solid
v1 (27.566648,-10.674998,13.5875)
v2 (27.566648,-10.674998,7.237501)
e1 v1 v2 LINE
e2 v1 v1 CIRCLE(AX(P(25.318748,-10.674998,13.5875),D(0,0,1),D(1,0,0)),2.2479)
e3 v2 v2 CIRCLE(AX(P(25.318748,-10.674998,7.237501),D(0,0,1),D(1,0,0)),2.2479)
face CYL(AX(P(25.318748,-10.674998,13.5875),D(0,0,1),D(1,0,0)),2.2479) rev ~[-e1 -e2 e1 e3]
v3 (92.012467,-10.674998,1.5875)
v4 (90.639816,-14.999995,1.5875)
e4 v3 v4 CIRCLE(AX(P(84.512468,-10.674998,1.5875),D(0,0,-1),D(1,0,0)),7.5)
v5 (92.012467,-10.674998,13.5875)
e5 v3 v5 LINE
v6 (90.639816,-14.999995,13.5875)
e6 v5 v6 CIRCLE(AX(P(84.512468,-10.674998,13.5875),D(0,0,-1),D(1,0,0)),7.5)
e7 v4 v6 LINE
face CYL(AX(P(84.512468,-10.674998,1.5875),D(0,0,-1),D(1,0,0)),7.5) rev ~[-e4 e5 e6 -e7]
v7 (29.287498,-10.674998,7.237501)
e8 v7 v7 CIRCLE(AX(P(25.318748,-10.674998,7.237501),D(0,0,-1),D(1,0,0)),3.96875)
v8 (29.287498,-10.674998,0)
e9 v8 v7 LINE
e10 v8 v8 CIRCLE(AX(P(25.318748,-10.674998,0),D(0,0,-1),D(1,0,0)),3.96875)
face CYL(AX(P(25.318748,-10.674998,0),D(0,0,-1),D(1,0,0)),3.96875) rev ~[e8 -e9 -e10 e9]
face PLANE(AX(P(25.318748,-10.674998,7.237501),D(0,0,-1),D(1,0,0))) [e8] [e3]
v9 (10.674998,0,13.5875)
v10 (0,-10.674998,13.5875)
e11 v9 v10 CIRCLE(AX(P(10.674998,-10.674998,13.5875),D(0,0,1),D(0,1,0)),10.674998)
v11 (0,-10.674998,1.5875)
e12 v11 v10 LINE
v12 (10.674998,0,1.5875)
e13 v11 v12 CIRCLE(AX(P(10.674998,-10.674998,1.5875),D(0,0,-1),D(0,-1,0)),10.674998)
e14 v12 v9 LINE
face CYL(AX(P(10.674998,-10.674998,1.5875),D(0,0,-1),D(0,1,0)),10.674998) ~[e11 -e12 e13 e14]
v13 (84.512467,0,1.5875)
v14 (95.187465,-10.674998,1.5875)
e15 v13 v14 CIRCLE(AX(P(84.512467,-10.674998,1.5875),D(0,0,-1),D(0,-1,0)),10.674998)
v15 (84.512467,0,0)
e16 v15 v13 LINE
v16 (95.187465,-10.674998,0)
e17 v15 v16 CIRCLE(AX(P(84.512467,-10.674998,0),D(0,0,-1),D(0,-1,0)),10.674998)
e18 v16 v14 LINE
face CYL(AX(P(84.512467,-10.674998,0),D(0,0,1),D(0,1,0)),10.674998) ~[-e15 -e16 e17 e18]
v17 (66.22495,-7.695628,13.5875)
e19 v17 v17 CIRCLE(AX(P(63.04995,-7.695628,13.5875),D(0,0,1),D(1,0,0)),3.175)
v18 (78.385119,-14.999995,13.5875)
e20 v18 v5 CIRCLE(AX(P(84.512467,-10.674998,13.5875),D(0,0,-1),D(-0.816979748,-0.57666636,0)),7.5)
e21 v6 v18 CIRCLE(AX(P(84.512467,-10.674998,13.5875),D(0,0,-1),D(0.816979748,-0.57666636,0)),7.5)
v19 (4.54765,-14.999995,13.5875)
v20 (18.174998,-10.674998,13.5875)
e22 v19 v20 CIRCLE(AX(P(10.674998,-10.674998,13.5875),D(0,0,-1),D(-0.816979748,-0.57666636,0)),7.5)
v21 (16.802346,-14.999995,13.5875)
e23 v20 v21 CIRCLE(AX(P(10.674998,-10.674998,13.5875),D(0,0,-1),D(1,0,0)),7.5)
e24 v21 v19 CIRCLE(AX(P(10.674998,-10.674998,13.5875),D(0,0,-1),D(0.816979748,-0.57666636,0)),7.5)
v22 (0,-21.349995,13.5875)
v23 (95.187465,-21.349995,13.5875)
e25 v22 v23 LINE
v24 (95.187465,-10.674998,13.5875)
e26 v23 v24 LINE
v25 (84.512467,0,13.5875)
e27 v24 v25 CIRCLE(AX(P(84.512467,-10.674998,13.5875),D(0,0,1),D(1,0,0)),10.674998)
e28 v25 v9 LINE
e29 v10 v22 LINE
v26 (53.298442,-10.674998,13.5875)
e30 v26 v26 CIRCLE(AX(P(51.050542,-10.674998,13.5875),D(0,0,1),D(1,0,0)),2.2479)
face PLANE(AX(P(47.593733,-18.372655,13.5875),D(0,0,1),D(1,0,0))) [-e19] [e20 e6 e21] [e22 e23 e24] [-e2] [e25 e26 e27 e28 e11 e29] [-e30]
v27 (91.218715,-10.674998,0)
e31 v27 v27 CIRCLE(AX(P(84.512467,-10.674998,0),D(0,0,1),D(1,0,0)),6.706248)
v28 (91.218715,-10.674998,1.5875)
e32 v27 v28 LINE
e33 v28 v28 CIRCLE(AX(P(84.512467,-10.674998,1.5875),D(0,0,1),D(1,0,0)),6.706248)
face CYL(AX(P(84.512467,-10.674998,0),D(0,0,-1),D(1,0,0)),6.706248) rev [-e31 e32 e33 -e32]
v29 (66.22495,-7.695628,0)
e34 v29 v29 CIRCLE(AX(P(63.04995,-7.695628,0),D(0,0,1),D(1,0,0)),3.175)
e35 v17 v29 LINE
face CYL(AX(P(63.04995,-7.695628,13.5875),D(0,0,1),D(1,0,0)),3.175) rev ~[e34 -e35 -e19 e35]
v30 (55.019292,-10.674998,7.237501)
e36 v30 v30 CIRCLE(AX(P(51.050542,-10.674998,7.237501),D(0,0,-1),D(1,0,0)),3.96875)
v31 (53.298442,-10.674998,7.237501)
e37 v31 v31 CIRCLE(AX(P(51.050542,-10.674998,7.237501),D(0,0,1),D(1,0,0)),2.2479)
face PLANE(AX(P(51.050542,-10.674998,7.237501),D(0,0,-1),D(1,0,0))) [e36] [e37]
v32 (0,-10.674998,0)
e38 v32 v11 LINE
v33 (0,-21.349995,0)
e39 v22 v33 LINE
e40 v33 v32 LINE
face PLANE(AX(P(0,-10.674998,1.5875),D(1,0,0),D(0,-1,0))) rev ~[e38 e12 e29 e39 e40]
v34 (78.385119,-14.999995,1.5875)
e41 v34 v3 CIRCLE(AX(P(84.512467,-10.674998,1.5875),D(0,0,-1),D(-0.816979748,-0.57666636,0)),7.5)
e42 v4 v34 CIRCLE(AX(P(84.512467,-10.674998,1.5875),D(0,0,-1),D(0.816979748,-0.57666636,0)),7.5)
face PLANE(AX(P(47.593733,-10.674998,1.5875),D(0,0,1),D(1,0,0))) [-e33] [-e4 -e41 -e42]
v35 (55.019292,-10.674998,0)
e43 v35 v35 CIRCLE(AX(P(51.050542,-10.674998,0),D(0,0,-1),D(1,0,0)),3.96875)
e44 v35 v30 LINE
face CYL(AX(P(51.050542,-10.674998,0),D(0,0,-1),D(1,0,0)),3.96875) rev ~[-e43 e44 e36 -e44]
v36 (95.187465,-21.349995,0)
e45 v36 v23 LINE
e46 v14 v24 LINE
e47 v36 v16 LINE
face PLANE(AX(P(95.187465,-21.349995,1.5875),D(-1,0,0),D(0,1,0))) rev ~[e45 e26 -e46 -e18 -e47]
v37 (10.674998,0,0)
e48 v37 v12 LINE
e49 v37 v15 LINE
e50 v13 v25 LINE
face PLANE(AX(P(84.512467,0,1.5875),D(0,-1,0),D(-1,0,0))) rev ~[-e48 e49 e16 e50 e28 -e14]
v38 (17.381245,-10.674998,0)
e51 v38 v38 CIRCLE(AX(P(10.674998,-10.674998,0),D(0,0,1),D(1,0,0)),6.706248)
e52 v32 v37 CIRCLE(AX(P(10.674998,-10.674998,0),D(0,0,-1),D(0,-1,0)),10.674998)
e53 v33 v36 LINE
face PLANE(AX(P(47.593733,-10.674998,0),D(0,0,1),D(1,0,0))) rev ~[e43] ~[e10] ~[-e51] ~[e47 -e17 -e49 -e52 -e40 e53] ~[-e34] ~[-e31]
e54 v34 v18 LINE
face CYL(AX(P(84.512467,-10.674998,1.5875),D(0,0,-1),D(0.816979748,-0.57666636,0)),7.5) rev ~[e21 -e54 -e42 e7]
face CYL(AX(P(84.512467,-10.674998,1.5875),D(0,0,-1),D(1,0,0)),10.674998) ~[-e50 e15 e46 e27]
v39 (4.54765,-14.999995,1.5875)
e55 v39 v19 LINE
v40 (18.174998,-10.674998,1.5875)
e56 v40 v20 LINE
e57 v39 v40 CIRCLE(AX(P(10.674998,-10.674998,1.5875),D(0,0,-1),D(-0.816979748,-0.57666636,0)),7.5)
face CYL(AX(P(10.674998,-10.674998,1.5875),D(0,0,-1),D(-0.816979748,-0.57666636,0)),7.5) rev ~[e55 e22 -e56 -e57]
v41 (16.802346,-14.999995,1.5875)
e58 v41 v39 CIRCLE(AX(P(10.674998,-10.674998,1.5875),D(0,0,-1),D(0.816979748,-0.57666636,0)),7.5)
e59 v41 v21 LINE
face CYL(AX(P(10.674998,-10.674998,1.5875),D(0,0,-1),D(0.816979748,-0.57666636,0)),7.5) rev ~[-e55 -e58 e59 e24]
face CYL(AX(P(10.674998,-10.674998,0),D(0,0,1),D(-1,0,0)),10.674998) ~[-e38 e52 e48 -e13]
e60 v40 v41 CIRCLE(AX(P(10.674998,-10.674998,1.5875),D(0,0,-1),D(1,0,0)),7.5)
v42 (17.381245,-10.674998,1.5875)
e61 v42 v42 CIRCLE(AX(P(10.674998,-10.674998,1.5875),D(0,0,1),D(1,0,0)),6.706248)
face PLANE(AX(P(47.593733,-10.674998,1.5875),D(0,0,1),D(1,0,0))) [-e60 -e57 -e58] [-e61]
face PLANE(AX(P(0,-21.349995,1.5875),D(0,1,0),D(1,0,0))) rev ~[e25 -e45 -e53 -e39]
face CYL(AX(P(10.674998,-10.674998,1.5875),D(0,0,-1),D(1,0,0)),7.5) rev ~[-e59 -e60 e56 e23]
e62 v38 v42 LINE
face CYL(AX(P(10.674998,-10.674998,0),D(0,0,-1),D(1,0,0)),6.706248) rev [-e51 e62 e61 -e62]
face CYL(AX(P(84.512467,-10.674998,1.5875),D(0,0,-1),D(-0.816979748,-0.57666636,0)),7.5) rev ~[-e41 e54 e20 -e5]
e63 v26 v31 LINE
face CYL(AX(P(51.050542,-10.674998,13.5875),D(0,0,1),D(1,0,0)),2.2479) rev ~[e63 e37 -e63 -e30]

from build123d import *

# Parameters (mm, degrees)
F0_W     = 95.1874652
F0_H     = 21.3499954
F0_R     = 6.7062477
F1_DEPTH = 1.5875
F2_R     = 10.6749977
F4_DEPTH = 12
F5_R     = 2.2479
F5_R_2   = 3.175
F6_DEPTH = 13.5875
F7_R     = 3.96875
F8_DEPTH = 7.2375014


with BuildPart() as f1:
    # F0 (on Top) → F1 (new body)
    with BuildSketch(Plane.XY):
        with Locations((47.5937326, -10.6749977)):
            Rectangle(F0_W, F0_H)
        with Locations((10.6749977, -10.6749977)):
            Circle(F0_R, mode=Mode.SUBTRACT)
        with Locations((84.5124675, -10.6749977)):
            Circle(F0_R, mode=Mode.SUBTRACT)
    extrude(amount=F1_DEPTH)

    # F2
    f2_edges = [f1.edges().sort_by_distance(p)[0] for p in [
        (0, 0, 0.79375),
        (95.187465, 0, 0.79375),
    ]]
    fillet(f2_edges, radius=F2_R)

    # F3 (on face) → F4 (join)
    with BuildSketch(Plane.XY.offset(1.5875)):
        with BuildLine():
            Line((4.5476495872, -14.9999954), (0, -14.9999954))
            Line((0, -14.9999954), (0, -21.3499954))
            Line((0, -21.3499954), (95.1874652, -21.3499954))
            Line((95.1874652, -21.3499954), (95.1874652, -14.9999954))
            Line((95.1874652, -14.9999954), (90.6398156128, -14.9999954))
            ThreePointArc((90.6398156128, -14.9999954), (84.5124675, -18.1749977), (78.3851193872, -14.9999954))
            Line((78.3851193872, -14.9999954), (16.8023458128, -14.9999954))
            ThreePointArc((16.8023458128, -14.9999954), (10.6749977, -18.1749977), (4.5476495872, -14.9999954))
        make_face()
        with BuildLine():
            Line((0, -10.6749977), (0, -14.9999954))
            Line((0, -14.9999954), (4.5476495872, -14.9999954))
            ThreePointArc((4.5476495872, -14.9999954), (8.4061996532, -3.5263925617), (18.1749977, -10.6749977))
            ThreePointArc((18.1749977, -10.6749977), (17.8236028383, -12.9437957468), (16.8023458128, -14.9999954))
            Line((16.8023458128, -14.9999954), (78.3851193872, -14.9999954))
            ThreePointArc((78.3851193872, -14.9999954), (82.2436694532, -3.5263925617), (92.0124675, -10.6749977))
            ThreePointArc((92.0124675, -10.6749977), (91.6610726383, -12.9437957468), (90.6398156128, -14.9999954))
            Line((90.6398156128, -14.9999954), (95.1874652, -14.9999954))
            Line((95.1874652, -14.9999954), (95.1874652, -10.6749977))
            ThreePointArc((95.1874652, -10.6749977), (92.0608307628, -3.1266344372), (84.5124675, 0))
            Line((84.5124675, 0), (10.6749977, 0))
            ThreePointArc((10.6749977, 0), (3.1266344372, -3.1266344372), (0, -10.6749977))
        make_face()
    extrude(amount=F4_DEPTH)

    # F5 (on face) → F6 (cut, through all)
    with BuildSketch(Plane.XY.offset(13.5875)):
        with Locations((51.0505421177, -10.6749977)):
            Circle(F5_R)
        with Locations((63.0499501, -7.6956285)):
            Circle(F5_R_2)
        with Locations((25.3187477, -10.6749977)):
            Circle(F5_R)
    extrude(amount=-F6_DEPTH, mode=Mode.SUBTRACT)

    # F7 (on face) → F8 (cut)
    with BuildSketch(Plane(origin=(0, 0, 0), x_dir=(1, 0, 0), z_dir=(0, 0, -1))):
        with Locations((51.0505421177, 10.6749977)):
            Circle(F7_R)
        with Locations((25.3187477, 10.6749977)):
            Circle(F7_R)
    extrude(amount=-F8_DEPTH, mode=Mode.SUBTRACT)


solid = f1.part
